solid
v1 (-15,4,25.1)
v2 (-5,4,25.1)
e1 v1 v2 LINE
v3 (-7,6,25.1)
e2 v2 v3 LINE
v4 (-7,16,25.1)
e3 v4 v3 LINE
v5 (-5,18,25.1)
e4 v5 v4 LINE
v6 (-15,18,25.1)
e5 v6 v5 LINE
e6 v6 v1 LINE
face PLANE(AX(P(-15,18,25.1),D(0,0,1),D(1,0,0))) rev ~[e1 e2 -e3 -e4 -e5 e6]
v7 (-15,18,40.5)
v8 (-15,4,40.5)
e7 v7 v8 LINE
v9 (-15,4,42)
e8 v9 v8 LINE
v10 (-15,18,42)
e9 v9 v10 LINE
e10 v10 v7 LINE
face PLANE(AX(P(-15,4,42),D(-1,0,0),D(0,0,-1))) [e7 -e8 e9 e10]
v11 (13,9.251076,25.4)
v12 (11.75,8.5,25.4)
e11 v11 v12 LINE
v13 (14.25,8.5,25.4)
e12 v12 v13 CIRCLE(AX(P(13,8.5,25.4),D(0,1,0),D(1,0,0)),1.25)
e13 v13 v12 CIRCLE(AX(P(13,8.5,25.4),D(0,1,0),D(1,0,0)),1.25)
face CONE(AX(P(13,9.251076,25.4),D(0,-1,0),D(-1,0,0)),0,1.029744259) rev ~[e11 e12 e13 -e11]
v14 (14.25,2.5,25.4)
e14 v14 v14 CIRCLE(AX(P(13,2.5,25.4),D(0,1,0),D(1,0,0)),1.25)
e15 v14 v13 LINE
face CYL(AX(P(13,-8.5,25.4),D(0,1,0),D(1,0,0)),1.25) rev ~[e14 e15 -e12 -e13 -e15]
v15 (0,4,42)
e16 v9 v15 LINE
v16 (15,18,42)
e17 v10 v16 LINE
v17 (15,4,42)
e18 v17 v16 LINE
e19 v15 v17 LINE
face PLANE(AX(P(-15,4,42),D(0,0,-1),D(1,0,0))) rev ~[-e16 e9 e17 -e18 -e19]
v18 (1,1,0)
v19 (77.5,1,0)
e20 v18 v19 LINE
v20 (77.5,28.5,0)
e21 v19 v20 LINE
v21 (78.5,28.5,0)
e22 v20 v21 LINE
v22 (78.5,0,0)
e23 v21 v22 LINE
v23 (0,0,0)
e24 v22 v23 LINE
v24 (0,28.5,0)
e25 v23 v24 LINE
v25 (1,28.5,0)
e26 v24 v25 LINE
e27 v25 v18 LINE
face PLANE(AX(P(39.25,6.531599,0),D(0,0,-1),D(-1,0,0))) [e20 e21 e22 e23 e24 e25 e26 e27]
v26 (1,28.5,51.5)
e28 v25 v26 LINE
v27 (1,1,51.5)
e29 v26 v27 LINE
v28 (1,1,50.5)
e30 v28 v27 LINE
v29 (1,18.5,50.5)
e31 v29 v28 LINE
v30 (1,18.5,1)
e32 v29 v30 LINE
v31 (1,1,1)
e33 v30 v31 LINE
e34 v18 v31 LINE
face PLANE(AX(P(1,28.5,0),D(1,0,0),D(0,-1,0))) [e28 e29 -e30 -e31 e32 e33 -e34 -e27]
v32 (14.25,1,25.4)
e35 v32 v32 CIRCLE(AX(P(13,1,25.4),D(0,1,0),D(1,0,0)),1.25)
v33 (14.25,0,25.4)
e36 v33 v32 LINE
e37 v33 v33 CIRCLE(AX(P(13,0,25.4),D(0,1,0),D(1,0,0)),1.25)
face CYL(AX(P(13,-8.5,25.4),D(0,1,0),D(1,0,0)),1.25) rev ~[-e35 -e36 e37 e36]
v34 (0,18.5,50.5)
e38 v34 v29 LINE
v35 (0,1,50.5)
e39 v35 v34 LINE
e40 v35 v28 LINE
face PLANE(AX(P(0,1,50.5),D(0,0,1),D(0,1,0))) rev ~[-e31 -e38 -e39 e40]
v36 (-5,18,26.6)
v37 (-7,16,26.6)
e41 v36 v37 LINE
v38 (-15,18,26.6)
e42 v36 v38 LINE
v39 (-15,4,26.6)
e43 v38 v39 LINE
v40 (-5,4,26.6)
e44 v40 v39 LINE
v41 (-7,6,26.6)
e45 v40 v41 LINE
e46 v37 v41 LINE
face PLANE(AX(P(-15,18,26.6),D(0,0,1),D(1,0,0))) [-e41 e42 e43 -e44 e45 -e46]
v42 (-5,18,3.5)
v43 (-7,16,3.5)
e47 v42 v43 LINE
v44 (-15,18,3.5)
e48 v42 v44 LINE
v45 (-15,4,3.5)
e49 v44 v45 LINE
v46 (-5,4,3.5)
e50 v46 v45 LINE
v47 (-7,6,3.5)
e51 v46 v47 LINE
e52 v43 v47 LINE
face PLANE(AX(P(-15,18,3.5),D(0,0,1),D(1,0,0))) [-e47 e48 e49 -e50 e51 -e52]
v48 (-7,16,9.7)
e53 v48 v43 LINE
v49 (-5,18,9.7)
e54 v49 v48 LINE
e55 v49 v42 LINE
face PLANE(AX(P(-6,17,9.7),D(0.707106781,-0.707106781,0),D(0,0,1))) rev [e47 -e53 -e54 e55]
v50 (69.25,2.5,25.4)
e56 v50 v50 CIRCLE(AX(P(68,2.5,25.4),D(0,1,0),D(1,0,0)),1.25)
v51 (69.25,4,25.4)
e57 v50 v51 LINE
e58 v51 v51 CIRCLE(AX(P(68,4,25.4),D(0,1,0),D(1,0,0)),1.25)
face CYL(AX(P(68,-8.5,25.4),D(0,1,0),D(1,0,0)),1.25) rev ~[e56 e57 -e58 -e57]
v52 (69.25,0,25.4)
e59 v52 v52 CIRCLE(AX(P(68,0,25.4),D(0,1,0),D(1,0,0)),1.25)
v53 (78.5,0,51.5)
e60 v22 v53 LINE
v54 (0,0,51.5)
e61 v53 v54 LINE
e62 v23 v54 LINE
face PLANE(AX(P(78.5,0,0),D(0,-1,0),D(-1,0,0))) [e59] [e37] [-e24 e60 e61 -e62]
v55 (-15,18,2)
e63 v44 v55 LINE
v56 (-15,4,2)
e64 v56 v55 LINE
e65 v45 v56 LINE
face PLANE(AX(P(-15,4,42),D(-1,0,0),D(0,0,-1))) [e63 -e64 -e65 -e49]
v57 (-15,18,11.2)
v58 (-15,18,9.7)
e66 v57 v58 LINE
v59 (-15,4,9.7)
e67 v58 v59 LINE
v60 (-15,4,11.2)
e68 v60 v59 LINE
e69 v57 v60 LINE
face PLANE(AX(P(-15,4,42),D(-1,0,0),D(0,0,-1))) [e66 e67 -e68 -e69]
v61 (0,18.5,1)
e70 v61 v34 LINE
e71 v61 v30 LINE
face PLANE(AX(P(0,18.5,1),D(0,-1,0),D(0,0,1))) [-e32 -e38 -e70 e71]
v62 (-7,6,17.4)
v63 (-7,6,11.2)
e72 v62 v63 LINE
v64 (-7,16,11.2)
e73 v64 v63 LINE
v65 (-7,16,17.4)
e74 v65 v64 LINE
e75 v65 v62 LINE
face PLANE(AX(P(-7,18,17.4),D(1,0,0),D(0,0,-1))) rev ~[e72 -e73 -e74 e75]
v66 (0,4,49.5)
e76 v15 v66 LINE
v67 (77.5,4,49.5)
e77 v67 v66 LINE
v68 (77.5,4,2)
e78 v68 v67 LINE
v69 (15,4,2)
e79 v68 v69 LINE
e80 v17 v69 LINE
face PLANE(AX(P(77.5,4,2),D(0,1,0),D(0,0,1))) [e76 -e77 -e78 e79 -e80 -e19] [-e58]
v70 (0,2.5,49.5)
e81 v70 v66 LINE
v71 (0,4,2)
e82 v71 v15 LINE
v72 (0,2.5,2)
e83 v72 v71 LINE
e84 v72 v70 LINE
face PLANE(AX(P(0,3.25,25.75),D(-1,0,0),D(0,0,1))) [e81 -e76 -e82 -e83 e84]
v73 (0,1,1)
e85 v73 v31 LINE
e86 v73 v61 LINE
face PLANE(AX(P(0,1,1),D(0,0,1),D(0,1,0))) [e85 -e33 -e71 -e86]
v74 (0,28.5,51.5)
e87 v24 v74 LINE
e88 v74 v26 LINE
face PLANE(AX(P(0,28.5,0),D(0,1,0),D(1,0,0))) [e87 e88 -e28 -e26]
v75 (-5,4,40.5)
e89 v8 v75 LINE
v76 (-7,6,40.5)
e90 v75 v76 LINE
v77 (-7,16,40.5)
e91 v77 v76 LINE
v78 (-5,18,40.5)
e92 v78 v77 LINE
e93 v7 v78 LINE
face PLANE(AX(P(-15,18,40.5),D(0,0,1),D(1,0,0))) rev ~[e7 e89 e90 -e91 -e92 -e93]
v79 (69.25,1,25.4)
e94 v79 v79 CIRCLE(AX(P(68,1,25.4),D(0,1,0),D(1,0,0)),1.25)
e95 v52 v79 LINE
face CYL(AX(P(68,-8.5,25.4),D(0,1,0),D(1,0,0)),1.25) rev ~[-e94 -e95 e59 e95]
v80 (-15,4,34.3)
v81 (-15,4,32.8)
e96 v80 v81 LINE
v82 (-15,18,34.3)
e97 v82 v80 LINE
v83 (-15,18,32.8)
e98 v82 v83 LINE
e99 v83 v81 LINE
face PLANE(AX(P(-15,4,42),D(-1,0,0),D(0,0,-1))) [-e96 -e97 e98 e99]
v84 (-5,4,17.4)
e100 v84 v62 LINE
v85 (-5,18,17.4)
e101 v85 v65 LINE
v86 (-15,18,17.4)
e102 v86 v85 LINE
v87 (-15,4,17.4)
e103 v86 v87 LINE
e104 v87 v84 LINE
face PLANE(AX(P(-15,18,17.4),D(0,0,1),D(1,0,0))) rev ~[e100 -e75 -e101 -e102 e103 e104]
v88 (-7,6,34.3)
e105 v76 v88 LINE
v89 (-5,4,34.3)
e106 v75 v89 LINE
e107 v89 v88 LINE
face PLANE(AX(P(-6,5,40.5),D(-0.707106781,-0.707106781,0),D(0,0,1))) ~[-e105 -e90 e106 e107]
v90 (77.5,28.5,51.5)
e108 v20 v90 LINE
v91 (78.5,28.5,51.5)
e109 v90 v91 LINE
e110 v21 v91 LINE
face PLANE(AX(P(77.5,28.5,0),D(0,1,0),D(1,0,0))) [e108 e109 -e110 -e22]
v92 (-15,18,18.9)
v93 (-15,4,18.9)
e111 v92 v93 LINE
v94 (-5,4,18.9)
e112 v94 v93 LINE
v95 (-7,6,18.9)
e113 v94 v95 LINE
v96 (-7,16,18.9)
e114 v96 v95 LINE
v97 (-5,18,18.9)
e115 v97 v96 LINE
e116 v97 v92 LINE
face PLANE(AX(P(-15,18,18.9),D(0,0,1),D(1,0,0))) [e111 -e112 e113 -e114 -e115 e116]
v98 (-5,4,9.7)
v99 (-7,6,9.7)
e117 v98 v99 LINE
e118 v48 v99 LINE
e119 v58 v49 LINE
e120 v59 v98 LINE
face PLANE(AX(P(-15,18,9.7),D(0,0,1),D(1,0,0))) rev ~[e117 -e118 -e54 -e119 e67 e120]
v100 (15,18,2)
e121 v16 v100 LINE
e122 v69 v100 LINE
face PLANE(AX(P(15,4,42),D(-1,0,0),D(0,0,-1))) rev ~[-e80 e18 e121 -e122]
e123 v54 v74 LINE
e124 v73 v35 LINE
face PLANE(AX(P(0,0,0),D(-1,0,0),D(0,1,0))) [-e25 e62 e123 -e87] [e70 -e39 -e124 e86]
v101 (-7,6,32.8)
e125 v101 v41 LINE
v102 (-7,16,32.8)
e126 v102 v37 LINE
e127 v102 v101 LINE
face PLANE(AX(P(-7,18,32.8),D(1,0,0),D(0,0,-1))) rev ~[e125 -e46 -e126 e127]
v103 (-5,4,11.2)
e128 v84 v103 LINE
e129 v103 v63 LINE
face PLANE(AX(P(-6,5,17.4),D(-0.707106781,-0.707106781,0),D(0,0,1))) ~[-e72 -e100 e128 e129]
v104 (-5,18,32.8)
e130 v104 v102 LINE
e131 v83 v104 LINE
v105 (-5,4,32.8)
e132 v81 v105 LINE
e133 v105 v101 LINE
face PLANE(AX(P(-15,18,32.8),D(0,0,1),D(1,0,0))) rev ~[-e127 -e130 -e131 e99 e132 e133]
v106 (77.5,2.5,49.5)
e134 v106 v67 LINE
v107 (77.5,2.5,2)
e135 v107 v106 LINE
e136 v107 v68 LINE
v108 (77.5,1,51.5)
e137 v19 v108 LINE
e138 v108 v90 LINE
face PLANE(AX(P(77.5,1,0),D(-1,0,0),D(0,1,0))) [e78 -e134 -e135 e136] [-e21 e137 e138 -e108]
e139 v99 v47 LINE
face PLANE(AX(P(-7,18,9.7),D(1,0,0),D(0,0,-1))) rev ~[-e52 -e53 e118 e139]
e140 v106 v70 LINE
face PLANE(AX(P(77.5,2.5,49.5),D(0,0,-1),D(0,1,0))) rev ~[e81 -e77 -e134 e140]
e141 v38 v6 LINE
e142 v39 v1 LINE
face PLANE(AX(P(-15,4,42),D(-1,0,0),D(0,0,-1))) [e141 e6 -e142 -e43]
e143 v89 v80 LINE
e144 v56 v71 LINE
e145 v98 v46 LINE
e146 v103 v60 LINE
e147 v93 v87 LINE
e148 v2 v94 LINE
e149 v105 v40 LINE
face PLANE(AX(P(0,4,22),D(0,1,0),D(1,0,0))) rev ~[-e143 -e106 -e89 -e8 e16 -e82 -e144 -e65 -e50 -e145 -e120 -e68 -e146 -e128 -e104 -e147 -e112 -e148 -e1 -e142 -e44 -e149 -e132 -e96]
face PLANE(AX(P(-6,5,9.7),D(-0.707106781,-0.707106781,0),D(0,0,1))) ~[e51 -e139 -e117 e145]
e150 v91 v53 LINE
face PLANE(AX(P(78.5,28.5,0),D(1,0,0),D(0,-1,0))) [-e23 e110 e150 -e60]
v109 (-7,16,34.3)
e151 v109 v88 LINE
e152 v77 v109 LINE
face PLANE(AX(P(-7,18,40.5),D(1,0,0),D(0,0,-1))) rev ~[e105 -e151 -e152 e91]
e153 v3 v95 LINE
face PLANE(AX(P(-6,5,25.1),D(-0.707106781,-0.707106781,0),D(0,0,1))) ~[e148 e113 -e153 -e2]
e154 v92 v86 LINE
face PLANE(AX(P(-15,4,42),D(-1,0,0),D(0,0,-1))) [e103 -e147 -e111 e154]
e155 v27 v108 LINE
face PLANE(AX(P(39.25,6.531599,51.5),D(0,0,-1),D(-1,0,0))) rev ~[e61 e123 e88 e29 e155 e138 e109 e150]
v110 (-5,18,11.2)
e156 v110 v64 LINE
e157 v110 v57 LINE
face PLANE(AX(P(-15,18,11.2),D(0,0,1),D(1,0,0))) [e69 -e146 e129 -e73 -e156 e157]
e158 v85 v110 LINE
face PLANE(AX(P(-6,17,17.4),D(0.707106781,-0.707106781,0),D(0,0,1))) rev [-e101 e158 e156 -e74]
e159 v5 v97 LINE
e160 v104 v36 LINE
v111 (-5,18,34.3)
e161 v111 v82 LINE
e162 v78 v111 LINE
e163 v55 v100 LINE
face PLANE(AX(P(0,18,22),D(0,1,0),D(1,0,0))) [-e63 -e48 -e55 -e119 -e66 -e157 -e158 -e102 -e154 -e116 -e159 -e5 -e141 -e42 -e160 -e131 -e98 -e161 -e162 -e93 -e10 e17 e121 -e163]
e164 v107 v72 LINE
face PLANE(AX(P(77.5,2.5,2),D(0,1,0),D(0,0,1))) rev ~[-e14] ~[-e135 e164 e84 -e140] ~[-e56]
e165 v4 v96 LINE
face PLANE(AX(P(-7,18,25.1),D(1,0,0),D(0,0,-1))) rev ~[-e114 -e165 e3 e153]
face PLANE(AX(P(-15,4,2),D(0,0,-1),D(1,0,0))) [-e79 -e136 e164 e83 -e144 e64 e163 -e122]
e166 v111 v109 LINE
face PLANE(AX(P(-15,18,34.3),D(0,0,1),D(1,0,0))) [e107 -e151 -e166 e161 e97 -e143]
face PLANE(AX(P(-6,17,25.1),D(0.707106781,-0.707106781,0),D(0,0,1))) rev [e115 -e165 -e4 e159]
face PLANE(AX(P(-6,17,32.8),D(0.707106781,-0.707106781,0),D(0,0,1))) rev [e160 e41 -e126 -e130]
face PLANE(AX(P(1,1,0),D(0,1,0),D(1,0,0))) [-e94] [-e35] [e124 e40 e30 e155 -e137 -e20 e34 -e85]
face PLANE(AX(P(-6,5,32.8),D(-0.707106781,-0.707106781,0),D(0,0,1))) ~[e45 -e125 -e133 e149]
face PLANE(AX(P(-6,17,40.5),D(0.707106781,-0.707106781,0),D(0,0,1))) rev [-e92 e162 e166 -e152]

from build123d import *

# Parameters (mm, degrees)
EXTRUDE_1_DEPTH       = 51.5
SKETCH_2_W            = 49.5
SKETCH_2_H            = 17.5
CUT_EXTRUDE_1_DEPTH   = 10
SKETCH_3_W            = 47.5
SKETCH_3_H            = 1.5
EXTRUDE_2_DEPTH       = 77.5
SKETCH_4_W            = 30
SKETCH_4_H            = 40
EXTRUDE_3_DEPTH       = 14
SKETCH_5_W            = 8
SKETCH_5_H            = 6.2
CUT_EXTRUDE_2_DEPTH   = 24
CHAMFER_1_SIZE        = 2
HOLE_WIZARD_M31_D     = 2.5
HOLE_WIZARD_M31_DEPTH = 8.5
HOLE_WIZARD_M31_TIP   = 0.751075774


with BuildPart() as part:
    # Эскиз1 → Бобышка-Вытянуть1 (new body)
    with BuildSketch(Plane.XY):
        Polygon((1, 1), (77.5, 1), (77.5, 28.5), (78.5, 28.5), (78.5, 0), (0, 0), (0, 28.5), (1, 28.5), align=None)
    extrude(amount=EXTRUDE_1_DEPTH)

    # Эскиз2 → Вырез-Вытянуть1 (cut)
    with BuildSketch(Plane.ZY):
        with Locations((25.75, 9.75)):
            Rectangle(SKETCH_2_W, SKETCH_2_H)
    extrude(amount=-CUT_EXTRUDE_1_DEPTH, mode=Mode.SUBTRACT)

    # Эскиз3 → Бобышка-Вытянуть2 (add)
    with BuildSketch(Plane.ZY.offset(-77.5)):
        with Locations((25.75, 3.25)):
            Rectangle(SKETCH_3_W, SKETCH_3_H)
    extrude(amount=EXTRUDE_2_DEPTH)

    # Эскиз4 → Бобышка-Вытянуть3 (add)
    with BuildSketch(Plane(origin=(0, 4, 0), x_dir=(1, 0, 0), z_dir=(0, 1, 0))):
        with Locations((0, -22)):
            Rectangle(SKETCH_4_W, SKETCH_4_H)
    extrude(amount=EXTRUDE_3_DEPTH)

    # Эскиз5 → Вырез-Вытянуть2 (cut)
    with BuildSketch(Plane(origin=(0, 18, 0), x_dir=(1, 0, 0), z_dir=(0, 1, 0))):
        with Locations((-11, -6.6)):
            Rectangle(SKETCH_5_W, SKETCH_5_H)
        with Locations((-11, -37.4)):
            Rectangle(SKETCH_5_W, SKETCH_5_H)
        with Locations((-11, -14.3)):
            Rectangle(SKETCH_5_W, SKETCH_5_H)
        with Locations((-11, -22)):
            Rectangle(SKETCH_5_W, SKETCH_5_H)
        with Locations((-11, -29.7)):
            Rectangle(SKETCH_5_W, SKETCH_5_H)
    extrude(amount=-CUT_EXTRUDE_2_DEPTH, mode=Mode.SUBTRACT)

    # Фаска1
    chamfer_1_edges = [part.edges().sort_by_distance(p)[0] for p in [
        (-7, 4, 14.3),
        (-7, 18, 14.3),
        (-7, 4, 22),
        (-7, 18, 22),
        (-7, 4, 29.7),
        (-7, 18, 29.7),
        (-7, 4, 37.4),
        (-7, 18, 37.4),
        (-7, 4, 6.6),
        (-7, 18, 6.6),
    ]]
    chamfer(chamfer_1_edges, length=CHAMFER_1_SIZE)

    # Отверстие обработанное метчиком M31
    with Locations(Plane(origin=(0, 0, 0), x_dir=(-1, 0, 0), z_dir=(0, -1, 0))):
        with Locations((-13, -25.4), (-68, -25.4)):
            Hole(HOLE_WIZARD_M31_D / 2, depth=HOLE_WIZARD_M31_DEPTH)
            with Locations((0, 0, -(HOLE_WIZARD_M31_DEPTH + HOLE_WIZARD_M31_TIP / 2))):  # 118° drill point
                Cone(0, HOLE_WIZARD_M31_D / 2, HOLE_WIZARD_M31_TIP, mode=Mode.SUBTRACT)


solid = part.part
